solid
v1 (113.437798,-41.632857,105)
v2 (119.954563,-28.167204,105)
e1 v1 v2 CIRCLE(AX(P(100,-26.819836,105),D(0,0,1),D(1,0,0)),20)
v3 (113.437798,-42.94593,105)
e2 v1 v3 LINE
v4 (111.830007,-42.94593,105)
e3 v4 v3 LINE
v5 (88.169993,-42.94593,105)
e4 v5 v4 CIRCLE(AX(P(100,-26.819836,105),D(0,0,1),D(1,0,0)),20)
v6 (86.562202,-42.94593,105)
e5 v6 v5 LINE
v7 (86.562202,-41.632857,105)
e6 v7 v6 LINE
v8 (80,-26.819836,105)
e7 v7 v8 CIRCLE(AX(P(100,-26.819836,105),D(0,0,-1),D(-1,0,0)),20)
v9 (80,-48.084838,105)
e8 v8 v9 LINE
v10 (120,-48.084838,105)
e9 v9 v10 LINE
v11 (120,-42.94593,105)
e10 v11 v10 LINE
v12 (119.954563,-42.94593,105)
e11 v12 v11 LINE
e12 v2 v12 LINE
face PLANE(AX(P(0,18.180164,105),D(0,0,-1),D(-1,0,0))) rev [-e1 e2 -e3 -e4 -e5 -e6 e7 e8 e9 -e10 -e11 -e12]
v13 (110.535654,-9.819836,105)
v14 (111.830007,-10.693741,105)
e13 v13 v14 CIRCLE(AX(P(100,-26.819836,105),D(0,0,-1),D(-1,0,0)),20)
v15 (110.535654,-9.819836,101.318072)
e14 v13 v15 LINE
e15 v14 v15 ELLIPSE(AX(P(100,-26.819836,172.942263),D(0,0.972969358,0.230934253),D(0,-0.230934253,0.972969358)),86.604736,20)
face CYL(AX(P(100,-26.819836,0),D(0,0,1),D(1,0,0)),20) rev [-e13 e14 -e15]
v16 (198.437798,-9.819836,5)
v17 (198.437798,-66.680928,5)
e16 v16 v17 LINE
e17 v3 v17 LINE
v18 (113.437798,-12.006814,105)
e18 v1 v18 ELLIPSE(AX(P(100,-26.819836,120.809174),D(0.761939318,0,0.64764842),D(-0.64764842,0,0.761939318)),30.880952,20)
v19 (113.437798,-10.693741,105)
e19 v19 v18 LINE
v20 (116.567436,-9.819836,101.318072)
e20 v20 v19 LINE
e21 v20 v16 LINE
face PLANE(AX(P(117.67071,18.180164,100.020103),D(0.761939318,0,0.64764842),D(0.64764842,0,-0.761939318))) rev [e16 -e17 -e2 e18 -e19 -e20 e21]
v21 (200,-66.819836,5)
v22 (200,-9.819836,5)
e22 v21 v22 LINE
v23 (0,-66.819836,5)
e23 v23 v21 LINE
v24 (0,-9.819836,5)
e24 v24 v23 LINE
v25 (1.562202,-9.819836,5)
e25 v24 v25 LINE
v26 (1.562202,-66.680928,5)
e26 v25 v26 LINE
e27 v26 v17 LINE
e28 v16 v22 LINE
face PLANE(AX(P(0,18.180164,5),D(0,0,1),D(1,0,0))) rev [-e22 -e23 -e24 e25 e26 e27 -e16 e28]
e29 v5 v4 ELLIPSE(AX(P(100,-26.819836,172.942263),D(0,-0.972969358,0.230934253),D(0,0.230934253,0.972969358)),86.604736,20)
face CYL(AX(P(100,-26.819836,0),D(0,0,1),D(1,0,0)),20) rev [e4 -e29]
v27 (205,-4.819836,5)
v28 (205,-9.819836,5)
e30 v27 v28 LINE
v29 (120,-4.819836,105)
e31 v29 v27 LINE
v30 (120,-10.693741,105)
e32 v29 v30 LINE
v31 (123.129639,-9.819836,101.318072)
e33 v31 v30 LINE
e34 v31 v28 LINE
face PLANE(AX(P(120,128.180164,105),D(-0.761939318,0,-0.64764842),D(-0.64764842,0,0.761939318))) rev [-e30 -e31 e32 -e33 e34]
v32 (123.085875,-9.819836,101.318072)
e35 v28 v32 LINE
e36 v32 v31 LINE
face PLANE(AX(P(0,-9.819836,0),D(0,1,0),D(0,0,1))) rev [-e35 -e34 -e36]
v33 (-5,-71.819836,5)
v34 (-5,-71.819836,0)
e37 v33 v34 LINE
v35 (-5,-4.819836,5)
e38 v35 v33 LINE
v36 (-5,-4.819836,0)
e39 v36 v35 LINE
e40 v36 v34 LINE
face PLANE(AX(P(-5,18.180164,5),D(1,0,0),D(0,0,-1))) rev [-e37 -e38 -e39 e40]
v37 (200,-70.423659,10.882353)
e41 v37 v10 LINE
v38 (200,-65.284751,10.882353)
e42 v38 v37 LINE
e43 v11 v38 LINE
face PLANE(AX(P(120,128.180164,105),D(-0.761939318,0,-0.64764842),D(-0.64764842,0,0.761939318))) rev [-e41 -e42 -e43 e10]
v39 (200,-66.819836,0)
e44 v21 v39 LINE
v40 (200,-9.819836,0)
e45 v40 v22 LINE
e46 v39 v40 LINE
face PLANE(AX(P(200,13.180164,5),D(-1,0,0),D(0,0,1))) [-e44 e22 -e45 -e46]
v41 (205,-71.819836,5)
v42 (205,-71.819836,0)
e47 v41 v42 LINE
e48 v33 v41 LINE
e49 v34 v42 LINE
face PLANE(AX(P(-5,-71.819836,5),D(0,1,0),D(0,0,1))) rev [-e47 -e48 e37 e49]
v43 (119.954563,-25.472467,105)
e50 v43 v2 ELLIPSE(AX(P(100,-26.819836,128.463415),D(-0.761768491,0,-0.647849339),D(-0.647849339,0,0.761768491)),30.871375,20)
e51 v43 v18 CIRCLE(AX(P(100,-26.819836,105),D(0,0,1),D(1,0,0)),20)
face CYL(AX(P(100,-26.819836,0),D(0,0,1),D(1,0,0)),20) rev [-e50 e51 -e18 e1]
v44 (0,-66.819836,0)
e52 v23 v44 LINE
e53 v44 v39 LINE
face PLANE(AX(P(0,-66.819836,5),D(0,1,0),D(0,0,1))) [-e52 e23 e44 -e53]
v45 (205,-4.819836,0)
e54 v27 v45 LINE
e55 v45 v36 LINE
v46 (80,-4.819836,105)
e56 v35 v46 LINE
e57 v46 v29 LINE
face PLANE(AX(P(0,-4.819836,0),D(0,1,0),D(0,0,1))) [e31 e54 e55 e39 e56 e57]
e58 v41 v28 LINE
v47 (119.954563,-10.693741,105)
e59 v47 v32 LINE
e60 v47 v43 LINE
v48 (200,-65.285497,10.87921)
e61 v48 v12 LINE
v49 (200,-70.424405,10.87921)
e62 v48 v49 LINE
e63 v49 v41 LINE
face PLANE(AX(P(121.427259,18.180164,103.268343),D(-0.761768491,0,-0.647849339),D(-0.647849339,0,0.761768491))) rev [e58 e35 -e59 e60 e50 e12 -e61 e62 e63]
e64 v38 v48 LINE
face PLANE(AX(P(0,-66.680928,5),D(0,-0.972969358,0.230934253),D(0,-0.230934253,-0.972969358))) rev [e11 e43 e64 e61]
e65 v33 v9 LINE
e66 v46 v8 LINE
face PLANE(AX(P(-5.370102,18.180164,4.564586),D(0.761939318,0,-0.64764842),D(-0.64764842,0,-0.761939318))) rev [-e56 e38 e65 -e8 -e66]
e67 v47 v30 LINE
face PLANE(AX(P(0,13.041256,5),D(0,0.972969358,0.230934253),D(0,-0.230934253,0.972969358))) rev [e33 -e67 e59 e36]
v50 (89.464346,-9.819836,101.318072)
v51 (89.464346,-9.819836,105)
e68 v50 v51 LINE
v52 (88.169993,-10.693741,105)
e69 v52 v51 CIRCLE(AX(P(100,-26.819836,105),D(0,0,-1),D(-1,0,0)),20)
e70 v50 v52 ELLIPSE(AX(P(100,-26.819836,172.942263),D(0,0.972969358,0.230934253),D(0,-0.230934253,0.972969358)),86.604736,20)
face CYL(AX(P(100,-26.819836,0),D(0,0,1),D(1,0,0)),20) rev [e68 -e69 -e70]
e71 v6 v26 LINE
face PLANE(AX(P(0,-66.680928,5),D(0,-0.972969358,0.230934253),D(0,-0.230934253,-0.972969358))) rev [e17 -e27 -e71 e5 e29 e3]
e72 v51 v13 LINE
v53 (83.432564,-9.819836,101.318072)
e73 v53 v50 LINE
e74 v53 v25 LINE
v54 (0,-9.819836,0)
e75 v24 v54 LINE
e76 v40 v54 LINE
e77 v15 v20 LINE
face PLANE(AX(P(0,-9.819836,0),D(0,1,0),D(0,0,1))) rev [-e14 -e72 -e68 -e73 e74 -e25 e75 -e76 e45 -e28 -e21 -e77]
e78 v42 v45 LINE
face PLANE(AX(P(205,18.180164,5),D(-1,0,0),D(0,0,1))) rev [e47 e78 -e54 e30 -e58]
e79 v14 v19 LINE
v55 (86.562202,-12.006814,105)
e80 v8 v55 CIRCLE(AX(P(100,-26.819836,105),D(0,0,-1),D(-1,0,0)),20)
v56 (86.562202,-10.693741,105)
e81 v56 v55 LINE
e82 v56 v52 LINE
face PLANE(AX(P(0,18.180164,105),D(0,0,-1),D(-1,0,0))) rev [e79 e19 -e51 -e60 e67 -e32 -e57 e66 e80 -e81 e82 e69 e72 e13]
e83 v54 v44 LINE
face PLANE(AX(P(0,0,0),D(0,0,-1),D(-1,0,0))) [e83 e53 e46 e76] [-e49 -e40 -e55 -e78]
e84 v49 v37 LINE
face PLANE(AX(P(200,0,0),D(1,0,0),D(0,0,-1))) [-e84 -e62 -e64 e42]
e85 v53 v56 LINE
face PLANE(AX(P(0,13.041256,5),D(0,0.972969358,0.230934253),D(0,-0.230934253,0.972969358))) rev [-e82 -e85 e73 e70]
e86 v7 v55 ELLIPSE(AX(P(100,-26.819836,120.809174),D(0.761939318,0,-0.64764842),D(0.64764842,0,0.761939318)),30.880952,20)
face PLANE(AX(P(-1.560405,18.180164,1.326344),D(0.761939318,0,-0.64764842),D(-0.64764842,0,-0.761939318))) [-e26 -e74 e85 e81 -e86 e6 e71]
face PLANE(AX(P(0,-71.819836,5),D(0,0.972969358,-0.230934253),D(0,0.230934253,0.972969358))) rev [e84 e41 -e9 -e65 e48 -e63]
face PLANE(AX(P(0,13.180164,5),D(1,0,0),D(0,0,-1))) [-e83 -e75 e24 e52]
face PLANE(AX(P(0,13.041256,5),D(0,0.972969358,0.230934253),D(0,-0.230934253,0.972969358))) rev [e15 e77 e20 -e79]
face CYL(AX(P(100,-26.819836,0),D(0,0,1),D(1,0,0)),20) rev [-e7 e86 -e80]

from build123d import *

# Parameters (mm, degrees)
ESQUISSE1_W                  = 210
ESQUISSE1_H                  = 90
ESQUISSE1_W_2                = 200
ESQUISSE1_H_2                = 80
BOSS_EXTRU_1_DEPTH           = 5
ESQUISSE2_R                  = 20
ESQUISSE2_R_2                = 15
BOSS_EXTRU_2_DEPTH           = 5
BOSS_EXTRU_3_DEPTH           = 90
BOSS_EXTRU_4_DEPTH           = 200
ESQUISSE6_W                  = 26.875595252
ESQUISSE6_H                  = 32.252188949
ENL_V_MAT_EXTRU_1_DEPTH      = 200
ENL_V_MAT_EXTRU_2_DEPTH      = 200
ENL_V_MAT_EXTRU_3_DEPTH      = 237
ESQUISSE10_R                 = 20
ENL_V_MAT_EXTRU_4_DEPTH      = 6
ENL_V_MAT_EXTRU_4_DEPTH_BACK = 106
ESQUISSE11_W                 = 294.385058415
ESQUISSE11_H                 = 160.265549893
ENL_V_MAT_EXTRU_5_DEPTH      = 23
ENL_V_MAT_EXTRU_5_DEPTH_BACK = 16
BOSS_EXTRU_5_DEPTH           = 5


with BuildPart() as part:
    # Esquisse1 → Boss.-Extru.1 (new body)
    with BuildSketch(Plane.XY):
        with Locations((100, -26.819835627)):
            Rectangle(ESQUISSE1_W, ESQUISSE1_H)
        with Locations((100, -26.819835627)):
            Rectangle(ESQUISSE1_W_2, ESQUISSE1_H_2, mode=Mode.SUBTRACT)
    extrude(amount=BOSS_EXTRU_1_DEPTH)



with BuildPart() as body_2:
    # Esquisse2 → Boss.-Extru.2 (new body)
    with BuildSketch(Plane.XY.offset(105)):
        with Locations((100, -26.819835627)):
            Circle(ESQUISSE2_R)
        with Locations((100, -26.819835627)):
            Circle(ESQUISSE2_R_2, mode=Mode.SUBTRACT)
    extrude(amount=BOSS_EXTRU_2_DEPTH)


with BuildPart() as part_1:
    add(part.part)

    add(body_2.part)  # Boss.-Extru.3 merges body 2
    # Esquisse3 → Boss.-Extru.3 (add)
    with BuildSketch(Plane.XZ.offset(71.819835627)):
        Polygon((113.437797626, 105), (198.437797626, 5), (205, 5), (119.954563332, 105), align=None)
        Polygon((80, 105), (-5, 5), (1.562202374, 5), (86.562202374, 105), align=None)
    extrude(amount=-BOSS_EXTRU_3_DEPTH)

    # Esquisse5 → Boss.-Extru.4 (add)
    with BuildSketch(Plane.ZY.offset(-200)):
        Polygon((5, 18.180164373), (105, -5.554833167), (105, -10.693741152), (5, 13.041256389), align=None)
        Polygon((5, -71.819835627), (105, -48.084838086), (105, -42.945930101), (5, -66.680927642), align=None)
    extrude(amount=BOSS_EXTRU_4_DEPTH)

    # Esquisse6 → Enlèv. mat.-Extru.1 (cut)
    with BuildSketch(Plane(origin=(0, 0, 105), x_dir=(-1, 0, 0), z_dir=(0, 0, -1))):
        with Locations((-100, -26.819835627)):
            Rectangle(ESQUISSE6_W, ESQUISSE6_H)
    extrude(amount=-ENL_V_MAT_EXTRU_1_DEPTH, mode=Mode.SUBTRACT)

    # Esquisse8 → Enlèv. mat.-Extru.2 (cut)
    with BuildSketch(Plane.XZ.offset(71.819835627)):
        Polygon((0, 105), (80, 105), (0, 10.882352941), align=None)
        Polygon((120, 105), (200, 10.882352941), (200, 105), align=None)
    extrude(amount=-ENL_V_MAT_EXTRU_2_DEPTH, mode=Mode.SUBTRACT)

    # Esquisse9 → Enlèv. mat.-Extru.3 (cut)
    with BuildSketch(Plane.ZY.offset(5)):
        Polygon((105, 18.180164373), (105, -5.554833167), (5, 18.180164373), align=None)
        Polygon((5, -71.819835627), (105, -71.819835627), (105, -48.084838086), align=None)
    extrude(amount=-ENL_V_MAT_EXTRU_3_DEPTH, mode=Mode.SUBTRACT)

    # Esquisse10 → Enlèv. mat.-Extru.4 (cut, two sides)
    with BuildSketch(Plane.XY.offset(105)) as enl_v_mat_extru_4_sk:
        with Locations((100, -26.819835627)):
            Circle(ESQUISSE10_R)
    extrude(amount=ENL_V_MAT_EXTRU_4_DEPTH, mode=Mode.SUBTRACT)
    extrude(enl_v_mat_extru_4_sk.sketch, amount=-ENL_V_MAT_EXTRU_4_DEPTH_BACK, mode=Mode.SUBTRACT)

    # Esquisse11 → Enlèv. mat.-Extru.5 (cut, two sides)
    with BuildSketch(Plane(origin=(0, 13.180164373, 0), x_dir=(-1, 0, 0), z_dir=(0, -1, 0))) as enl_v_mat_extru_5_sk:
        with Locations((-99.239876108, -40.996630143)):
            Rectangle(ESQUISSE11_W, ESQUISSE11_H)
    extrude(amount=ENL_V_MAT_EXTRU_5_DEPTH, mode=Mode.SUBTRACT)
    extrude(enl_v_mat_extru_5_sk.sketch, amount=-ENL_V_MAT_EXTRU_5_DEPTH_BACK, mode=Mode.SUBTRACT)

    # Esquisse12 → Boss.-Extru.5 (add)
    with BuildSketch(Plane(origin=(0, -9.819835627, 0), x_dir=(1, 0, 0), z_dir=(0, 1, 0))):
        Polygon((-5, -5), (-5, 0), (205, 0), (205, -5), (120, -105), (80, -105), align=None)
    extrude(amount=BOSS_EXTRU_5_DEPTH)


solid = part_1.part
